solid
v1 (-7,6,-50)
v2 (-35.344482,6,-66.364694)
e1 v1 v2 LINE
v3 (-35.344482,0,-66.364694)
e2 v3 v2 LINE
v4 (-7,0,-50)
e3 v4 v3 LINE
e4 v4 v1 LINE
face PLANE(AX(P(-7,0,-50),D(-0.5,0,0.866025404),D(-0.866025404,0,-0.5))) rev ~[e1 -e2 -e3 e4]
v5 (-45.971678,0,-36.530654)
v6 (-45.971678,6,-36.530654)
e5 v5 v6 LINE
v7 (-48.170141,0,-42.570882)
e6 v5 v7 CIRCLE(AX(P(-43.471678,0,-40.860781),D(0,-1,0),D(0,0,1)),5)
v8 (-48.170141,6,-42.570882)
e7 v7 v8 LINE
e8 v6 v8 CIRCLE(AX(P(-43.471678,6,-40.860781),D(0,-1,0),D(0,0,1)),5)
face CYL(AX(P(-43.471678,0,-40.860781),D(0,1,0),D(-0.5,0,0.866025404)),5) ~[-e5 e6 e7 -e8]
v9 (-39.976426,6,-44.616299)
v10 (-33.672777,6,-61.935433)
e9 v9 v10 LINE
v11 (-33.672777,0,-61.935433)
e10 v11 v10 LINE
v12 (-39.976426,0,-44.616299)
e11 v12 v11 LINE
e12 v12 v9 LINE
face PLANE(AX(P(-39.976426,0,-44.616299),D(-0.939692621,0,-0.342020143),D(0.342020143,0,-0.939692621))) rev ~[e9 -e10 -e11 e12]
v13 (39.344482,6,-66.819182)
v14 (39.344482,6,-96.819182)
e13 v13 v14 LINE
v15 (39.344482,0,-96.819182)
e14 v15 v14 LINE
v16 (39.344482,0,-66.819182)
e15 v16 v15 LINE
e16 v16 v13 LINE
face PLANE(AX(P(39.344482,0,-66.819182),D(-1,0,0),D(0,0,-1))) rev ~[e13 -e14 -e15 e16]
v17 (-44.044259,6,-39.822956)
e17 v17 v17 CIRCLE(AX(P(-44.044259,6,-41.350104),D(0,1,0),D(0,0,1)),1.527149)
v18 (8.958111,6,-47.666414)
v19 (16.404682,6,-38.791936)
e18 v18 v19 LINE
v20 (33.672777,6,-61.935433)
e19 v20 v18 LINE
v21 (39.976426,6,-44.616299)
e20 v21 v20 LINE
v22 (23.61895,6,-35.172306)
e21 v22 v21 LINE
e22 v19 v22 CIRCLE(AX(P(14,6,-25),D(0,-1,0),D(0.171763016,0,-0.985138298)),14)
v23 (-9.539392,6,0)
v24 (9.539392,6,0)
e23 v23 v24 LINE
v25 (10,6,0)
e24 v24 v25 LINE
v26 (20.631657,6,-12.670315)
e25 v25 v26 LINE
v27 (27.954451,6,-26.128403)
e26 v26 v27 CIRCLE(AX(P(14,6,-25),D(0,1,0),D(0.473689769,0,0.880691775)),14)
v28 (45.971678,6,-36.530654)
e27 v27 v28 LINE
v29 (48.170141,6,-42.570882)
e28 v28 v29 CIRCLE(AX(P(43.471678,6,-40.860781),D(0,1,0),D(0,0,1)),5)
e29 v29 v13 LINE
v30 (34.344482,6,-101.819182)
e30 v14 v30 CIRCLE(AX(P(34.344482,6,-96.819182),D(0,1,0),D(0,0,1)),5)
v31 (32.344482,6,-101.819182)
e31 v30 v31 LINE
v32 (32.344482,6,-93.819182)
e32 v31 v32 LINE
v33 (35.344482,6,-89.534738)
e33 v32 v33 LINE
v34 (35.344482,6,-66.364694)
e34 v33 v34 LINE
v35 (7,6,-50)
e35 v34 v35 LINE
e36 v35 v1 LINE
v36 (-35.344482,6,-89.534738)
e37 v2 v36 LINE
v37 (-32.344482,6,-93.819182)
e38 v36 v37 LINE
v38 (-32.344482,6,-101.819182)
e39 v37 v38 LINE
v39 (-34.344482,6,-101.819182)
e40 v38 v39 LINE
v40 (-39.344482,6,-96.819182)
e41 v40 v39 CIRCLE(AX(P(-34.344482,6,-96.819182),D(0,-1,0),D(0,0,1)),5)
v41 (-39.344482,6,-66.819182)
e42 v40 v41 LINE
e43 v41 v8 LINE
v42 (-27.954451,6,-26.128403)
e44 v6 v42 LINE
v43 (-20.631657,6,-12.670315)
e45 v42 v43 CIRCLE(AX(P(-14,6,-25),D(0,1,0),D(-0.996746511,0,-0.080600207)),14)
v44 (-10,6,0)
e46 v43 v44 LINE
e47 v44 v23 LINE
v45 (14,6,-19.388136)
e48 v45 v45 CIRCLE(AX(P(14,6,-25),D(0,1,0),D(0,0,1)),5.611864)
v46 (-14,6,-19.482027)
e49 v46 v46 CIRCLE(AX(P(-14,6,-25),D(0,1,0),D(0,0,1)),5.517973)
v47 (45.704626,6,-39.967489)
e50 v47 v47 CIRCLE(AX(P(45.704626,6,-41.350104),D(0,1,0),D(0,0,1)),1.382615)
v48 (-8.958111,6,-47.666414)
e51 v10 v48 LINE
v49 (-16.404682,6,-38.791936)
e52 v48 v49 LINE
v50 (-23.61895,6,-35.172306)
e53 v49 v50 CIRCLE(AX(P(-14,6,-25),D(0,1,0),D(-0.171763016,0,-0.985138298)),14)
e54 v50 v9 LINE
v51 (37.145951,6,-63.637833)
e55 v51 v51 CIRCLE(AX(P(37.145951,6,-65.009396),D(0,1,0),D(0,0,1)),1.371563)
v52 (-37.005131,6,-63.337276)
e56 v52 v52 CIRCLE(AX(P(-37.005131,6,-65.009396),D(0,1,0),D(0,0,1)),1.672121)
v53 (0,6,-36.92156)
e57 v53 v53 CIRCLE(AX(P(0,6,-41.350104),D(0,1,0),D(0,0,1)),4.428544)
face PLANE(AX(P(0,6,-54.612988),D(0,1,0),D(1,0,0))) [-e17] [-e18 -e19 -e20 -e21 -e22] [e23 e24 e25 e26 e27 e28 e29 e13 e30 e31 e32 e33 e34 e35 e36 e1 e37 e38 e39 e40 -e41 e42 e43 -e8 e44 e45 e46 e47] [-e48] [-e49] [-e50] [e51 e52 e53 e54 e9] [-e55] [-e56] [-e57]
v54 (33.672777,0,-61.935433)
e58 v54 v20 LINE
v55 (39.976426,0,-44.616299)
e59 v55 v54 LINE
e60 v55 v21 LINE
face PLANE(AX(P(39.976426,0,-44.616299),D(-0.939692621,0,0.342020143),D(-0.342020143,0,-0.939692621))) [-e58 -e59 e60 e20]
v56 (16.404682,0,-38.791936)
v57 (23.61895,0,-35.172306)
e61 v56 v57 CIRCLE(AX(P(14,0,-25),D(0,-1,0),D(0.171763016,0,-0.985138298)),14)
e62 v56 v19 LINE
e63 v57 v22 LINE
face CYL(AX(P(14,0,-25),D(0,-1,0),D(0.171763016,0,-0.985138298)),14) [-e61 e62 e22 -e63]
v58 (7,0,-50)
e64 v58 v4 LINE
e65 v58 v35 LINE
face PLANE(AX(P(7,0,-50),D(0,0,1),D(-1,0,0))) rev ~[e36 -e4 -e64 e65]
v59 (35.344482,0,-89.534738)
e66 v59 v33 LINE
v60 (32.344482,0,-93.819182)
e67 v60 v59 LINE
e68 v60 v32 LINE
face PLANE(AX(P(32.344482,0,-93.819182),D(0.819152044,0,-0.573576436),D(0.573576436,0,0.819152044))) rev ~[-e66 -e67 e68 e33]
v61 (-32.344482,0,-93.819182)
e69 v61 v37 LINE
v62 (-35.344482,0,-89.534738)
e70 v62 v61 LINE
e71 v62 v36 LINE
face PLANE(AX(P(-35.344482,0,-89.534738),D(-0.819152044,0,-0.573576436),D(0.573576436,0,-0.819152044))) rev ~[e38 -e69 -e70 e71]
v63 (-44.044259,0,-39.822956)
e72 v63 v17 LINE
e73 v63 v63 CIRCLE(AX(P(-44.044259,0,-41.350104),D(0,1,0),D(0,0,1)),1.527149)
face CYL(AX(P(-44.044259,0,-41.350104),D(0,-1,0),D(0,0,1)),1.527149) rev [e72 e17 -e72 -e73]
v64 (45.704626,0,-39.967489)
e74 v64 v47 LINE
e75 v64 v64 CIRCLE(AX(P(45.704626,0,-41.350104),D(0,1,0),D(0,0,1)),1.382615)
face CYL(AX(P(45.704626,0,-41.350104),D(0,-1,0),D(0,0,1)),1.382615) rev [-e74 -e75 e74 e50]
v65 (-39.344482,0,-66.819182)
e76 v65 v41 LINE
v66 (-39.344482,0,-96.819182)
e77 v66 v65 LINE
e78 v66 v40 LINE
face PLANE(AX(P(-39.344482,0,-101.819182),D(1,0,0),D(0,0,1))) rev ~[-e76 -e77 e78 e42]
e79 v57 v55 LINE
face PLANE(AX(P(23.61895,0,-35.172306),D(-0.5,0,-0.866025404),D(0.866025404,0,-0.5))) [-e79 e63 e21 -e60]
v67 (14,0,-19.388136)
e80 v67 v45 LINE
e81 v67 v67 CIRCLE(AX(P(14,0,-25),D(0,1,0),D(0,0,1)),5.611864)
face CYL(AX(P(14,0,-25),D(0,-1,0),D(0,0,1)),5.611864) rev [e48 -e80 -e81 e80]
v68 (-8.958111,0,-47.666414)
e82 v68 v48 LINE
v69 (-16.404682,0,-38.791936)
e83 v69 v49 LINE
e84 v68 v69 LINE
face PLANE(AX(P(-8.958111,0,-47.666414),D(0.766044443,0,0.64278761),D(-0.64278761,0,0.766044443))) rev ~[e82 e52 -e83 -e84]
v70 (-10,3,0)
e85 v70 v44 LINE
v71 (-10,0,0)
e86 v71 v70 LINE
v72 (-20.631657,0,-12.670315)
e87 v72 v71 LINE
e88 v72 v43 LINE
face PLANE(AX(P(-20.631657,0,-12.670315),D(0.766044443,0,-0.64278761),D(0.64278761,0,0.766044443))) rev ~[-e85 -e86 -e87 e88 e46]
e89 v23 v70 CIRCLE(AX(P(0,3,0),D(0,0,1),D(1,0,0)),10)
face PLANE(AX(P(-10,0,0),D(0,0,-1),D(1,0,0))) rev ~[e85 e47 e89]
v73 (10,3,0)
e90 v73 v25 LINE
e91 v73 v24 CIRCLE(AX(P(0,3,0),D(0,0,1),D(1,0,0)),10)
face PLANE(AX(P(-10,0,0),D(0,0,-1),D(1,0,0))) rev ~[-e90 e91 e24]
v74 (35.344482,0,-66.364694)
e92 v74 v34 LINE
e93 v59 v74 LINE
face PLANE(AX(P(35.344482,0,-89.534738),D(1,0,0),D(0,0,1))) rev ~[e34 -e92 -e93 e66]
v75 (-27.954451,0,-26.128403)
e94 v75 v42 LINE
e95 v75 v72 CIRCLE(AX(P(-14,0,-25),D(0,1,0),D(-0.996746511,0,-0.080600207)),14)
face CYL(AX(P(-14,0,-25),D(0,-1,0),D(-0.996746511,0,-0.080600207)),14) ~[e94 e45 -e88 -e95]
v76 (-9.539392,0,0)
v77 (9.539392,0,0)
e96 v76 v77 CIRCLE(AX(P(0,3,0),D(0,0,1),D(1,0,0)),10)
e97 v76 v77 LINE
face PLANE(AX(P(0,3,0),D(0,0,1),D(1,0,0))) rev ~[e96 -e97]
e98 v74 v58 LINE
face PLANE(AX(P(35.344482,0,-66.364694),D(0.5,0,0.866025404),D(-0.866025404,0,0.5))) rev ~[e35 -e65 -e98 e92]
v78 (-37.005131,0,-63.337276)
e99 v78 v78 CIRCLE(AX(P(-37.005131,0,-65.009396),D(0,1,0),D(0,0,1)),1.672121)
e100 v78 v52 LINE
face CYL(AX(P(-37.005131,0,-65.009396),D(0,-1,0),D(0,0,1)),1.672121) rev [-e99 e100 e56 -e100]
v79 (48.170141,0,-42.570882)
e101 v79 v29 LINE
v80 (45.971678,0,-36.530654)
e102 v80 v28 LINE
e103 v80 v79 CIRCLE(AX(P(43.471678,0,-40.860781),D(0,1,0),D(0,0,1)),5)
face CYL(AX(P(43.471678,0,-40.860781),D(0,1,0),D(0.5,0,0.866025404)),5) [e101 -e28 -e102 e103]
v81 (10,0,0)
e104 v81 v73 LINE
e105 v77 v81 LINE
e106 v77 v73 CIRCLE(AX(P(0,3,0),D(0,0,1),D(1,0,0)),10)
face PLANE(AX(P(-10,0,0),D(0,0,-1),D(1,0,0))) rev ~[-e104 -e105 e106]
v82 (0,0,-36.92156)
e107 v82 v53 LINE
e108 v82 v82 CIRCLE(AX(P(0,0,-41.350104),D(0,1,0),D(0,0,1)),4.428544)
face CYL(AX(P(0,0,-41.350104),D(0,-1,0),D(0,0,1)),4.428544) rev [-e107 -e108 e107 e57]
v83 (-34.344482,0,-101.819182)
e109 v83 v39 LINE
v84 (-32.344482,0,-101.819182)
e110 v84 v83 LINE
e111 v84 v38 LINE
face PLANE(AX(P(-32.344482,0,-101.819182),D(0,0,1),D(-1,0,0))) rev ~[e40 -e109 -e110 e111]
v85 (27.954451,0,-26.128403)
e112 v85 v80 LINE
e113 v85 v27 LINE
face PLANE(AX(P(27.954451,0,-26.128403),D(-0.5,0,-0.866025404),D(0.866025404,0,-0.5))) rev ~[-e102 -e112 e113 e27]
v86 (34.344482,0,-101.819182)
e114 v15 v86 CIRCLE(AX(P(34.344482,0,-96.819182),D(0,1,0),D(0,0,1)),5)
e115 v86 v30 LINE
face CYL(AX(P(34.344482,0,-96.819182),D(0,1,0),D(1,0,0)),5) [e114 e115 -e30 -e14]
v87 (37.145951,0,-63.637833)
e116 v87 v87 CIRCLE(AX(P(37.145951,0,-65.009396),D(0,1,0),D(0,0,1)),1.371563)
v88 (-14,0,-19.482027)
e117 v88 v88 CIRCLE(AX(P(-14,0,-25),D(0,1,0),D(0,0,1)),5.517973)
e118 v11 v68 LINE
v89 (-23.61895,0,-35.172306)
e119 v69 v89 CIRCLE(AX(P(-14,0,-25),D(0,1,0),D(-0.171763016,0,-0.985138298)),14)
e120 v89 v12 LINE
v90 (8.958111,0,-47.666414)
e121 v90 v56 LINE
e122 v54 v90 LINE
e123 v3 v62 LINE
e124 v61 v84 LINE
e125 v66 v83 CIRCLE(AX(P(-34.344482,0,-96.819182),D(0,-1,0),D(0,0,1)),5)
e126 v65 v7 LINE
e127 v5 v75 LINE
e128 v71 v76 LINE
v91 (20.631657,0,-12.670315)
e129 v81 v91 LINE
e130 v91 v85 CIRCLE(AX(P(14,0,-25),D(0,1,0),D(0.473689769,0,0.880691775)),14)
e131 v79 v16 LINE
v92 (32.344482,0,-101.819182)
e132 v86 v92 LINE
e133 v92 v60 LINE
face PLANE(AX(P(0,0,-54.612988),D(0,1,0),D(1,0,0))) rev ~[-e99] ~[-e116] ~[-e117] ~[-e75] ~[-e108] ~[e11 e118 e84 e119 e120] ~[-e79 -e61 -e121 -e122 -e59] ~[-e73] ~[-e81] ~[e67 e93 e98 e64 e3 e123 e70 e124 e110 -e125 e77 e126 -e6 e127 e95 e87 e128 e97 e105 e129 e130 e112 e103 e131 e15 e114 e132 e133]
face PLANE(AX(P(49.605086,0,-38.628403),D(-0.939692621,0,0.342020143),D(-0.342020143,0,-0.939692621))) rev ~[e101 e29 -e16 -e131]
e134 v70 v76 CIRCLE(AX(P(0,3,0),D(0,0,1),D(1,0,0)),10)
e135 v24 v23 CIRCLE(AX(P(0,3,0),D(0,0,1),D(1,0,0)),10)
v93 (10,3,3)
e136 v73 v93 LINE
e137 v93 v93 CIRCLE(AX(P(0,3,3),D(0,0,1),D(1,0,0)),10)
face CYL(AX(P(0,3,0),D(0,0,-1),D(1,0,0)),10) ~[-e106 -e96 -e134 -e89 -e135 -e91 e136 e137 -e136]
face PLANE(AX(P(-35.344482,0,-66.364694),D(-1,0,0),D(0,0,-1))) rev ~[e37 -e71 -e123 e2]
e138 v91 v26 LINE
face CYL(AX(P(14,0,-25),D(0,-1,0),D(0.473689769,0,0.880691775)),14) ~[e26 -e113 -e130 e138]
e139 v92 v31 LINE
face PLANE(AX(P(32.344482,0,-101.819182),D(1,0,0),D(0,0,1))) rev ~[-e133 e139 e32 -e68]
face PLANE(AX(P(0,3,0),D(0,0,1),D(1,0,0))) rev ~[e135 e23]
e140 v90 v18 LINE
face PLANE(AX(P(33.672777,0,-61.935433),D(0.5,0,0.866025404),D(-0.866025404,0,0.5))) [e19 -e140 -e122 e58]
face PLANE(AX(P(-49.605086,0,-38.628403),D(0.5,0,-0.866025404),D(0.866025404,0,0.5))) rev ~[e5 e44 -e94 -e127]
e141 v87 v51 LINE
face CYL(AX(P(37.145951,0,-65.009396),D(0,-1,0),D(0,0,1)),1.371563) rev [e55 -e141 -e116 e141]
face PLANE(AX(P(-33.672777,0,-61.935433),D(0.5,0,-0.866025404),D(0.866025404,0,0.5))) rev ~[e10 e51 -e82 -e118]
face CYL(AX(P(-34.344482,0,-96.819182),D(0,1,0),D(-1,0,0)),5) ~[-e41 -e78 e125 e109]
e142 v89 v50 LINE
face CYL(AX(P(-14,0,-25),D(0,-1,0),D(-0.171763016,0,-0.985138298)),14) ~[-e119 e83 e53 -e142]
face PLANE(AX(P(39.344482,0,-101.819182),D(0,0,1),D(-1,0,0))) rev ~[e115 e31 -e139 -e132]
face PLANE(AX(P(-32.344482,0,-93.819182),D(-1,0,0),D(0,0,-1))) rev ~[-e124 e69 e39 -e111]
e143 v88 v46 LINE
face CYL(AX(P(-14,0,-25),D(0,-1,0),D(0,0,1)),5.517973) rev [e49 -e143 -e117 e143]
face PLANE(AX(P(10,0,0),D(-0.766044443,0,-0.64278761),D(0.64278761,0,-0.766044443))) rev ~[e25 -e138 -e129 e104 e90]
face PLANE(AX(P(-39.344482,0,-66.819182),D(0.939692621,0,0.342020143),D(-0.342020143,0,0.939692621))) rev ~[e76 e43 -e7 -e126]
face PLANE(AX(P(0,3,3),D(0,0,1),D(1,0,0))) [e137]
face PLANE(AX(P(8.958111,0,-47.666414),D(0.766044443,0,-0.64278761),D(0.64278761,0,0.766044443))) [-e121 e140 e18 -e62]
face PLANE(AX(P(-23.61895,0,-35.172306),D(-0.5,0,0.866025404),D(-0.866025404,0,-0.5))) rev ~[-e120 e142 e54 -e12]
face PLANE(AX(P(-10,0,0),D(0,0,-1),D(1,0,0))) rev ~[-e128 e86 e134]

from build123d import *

# Parameters (mm, degrees)
SKETCH_1_R      = 5.517972707
SKETCH_1_R_2    = 5.611863705
SKETCH_1_R_3    = 1.527148593
SKETCH_1_R_4    = 1.382615372
SKETCH_1_R_5    = 1.672120879
SKETCH_1_R_6    = 1.371563178
SKETCH_1_R_7    = 4.42854447
EXTRUDE_1_DEPTH = 6
SKETCH_2_R      = 10
EXTRUDE_2_DEPTH = 3
FILLET_1_R      = 5


with BuildPart() as part:
    # 草图1 → 凸台-拉伸1 (new body)
    with BuildSketch(Plane(origin=(0, 0, 0), x_dir=(1, 0, 0), z_dir=(0, 1, 0))):
        with BuildLine():
            Line((-10, 0), (10, 0))
            Line((10, 0), (20.63165677, 12.67031515))
            ThreePointArc((20.63165677, 12.67031515), (26.297438403, 18.308736388), (27.95445115, 26.128402898))
            Line((27.95445115, 26.128402898), (49.605086245, 38.628402898))
            Line((49.605086245, 38.628402898), (39.344481945, 66.819181521))
            Line((39.344481945, 66.819181521), (39.344481945, 101.819181521))
            Line((39.344481945, 101.819181521), (32.344481945, 101.819181521))
            Line((32.344481945, 101.819181521), (32.344481945, 93.819181521))
            Line((32.344481945, 93.819181521), (35.344481945, 89.534737501))
            Line((35.344481945, 89.534737501), (35.344481945, 66.364694281))
            Line((35.344481945, 66.364694281), (7, 50))
            Line((7, 50), (-7, 50))
            Line((-7, 50), (-35.344481945, 66.364694281))
            Line((-35.344481945, 66.364694281), (-35.344481945, 89.534737501))
            Line((-35.344481945, 89.534737501), (-32.344481945, 93.819181521))
            Line((-32.344481945, 93.819181521), (-32.344481945, 101.819181521))
            Line((-32.344481945, 101.819181521), (-39.344481945, 101.819181521))
            Line((-39.344481945, 101.819181521), (-39.344481945, 66.819181521))
            Line((-39.344481945, 66.819181521), (-49.605086245, 38.628402898))
            Line((-49.605086245, 38.628402898), (-27.95445115, 26.128402898))
            ThreePointArc((-27.95445115, 26.128402898), (-26.297438403, 18.308736388), (-20.63165677, 12.67031515))
            Line((-20.63165677, 12.67031515), (-10, 0))
        make_face()
        with Locations(Location((-14, 25, 0), (0, 0, 270))):
            Circle(SKETCH_1_R, mode=Mode.SUBTRACT)
        with Locations(Location((14, 25, 0), (0, 0, 270))):
            Circle(SKETCH_1_R_2, mode=Mode.SUBTRACT)
        with Locations(Location((-44.044259413, 41.350104136, 0), (0, 0, 270))):
            Circle(SKETCH_1_R_3, mode=Mode.SUBTRACT)
        with Locations(Location((45.704626141, 41.350104136, 0), (0, 0, 270))):
            Circle(SKETCH_1_R_4, mode=Mode.SUBTRACT)
        with Locations(Location((-37.005131134, 65.009396406, 0), (0, 0, 270))):
            Circle(SKETCH_1_R_5, mode=Mode.SUBTRACT)
        with Locations(Location((37.145951464, 65.009396406, 0), (0, 0, 270))):
            Circle(SKETCH_1_R_6, mode=Mode.SUBTRACT)
        with Locations(Location((0, 41.350104136, 0), (0, 0, 270))):
            Circle(SKETCH_1_R_7, mode=Mode.SUBTRACT)
        with BuildLine():
            Line((8.958110934, 47.66641426), (16.404682223, 38.791936173))
            ThreePointArc((16.404682223, 38.791936173), (20.278324988, 37.51329834), (23.618950039, 35.172305548))
            Line((23.618950039, 35.172305548), (39.976426, 44.616298697))
            Line((39.976426, 44.616298697), (33.672776585, 61.935433126))
            Line((33.672776585, 61.935433126), (8.958110934, 47.66641426))
        make_face(mode=Mode.SUBTRACT)
        with BuildLine():
            Line((-8.958110934, 47.66641426), (-16.404682223, 38.791936173))
            ThreePointArc((-16.404682223, 38.791936173), (-20.278324988, 37.51329834), (-23.618950039, 35.172305548))
            Line((-23.618950039, 35.172305548), (-39.976426, 44.616298697))
            Line((-39.976426, 44.616298697), (-33.672776585, 61.935433126))
            Line((-33.672776585, 61.935433126), (-8.958110934, 47.66641426))
        make_face(mode=Mode.SUBTRACT)
    extrude(amount=EXTRUDE_1_DEPTH)

    # 草图2 → 凸台-拉伸2 (add)
    with BuildSketch(Plane.XY):
        with Locations((0, 3)):
            Circle(SKETCH_2_R)
    extrude(amount=EXTRUDE_2_DEPTH)

    # 圆角1
    fillet_1_edges = [part.edges().sort_by_distance(p)[0] for p in [
        (-49.605086245, 3, -38.628402898),
        (-39.344481945, 3, -101.819181521),
        (39.344481945, 3, -101.819181521),
        (49.605086245, 3, -38.628402898),
    ]]
    fillet(fillet_1_edges, radius=FILLET_1_R)


solid = part.part
